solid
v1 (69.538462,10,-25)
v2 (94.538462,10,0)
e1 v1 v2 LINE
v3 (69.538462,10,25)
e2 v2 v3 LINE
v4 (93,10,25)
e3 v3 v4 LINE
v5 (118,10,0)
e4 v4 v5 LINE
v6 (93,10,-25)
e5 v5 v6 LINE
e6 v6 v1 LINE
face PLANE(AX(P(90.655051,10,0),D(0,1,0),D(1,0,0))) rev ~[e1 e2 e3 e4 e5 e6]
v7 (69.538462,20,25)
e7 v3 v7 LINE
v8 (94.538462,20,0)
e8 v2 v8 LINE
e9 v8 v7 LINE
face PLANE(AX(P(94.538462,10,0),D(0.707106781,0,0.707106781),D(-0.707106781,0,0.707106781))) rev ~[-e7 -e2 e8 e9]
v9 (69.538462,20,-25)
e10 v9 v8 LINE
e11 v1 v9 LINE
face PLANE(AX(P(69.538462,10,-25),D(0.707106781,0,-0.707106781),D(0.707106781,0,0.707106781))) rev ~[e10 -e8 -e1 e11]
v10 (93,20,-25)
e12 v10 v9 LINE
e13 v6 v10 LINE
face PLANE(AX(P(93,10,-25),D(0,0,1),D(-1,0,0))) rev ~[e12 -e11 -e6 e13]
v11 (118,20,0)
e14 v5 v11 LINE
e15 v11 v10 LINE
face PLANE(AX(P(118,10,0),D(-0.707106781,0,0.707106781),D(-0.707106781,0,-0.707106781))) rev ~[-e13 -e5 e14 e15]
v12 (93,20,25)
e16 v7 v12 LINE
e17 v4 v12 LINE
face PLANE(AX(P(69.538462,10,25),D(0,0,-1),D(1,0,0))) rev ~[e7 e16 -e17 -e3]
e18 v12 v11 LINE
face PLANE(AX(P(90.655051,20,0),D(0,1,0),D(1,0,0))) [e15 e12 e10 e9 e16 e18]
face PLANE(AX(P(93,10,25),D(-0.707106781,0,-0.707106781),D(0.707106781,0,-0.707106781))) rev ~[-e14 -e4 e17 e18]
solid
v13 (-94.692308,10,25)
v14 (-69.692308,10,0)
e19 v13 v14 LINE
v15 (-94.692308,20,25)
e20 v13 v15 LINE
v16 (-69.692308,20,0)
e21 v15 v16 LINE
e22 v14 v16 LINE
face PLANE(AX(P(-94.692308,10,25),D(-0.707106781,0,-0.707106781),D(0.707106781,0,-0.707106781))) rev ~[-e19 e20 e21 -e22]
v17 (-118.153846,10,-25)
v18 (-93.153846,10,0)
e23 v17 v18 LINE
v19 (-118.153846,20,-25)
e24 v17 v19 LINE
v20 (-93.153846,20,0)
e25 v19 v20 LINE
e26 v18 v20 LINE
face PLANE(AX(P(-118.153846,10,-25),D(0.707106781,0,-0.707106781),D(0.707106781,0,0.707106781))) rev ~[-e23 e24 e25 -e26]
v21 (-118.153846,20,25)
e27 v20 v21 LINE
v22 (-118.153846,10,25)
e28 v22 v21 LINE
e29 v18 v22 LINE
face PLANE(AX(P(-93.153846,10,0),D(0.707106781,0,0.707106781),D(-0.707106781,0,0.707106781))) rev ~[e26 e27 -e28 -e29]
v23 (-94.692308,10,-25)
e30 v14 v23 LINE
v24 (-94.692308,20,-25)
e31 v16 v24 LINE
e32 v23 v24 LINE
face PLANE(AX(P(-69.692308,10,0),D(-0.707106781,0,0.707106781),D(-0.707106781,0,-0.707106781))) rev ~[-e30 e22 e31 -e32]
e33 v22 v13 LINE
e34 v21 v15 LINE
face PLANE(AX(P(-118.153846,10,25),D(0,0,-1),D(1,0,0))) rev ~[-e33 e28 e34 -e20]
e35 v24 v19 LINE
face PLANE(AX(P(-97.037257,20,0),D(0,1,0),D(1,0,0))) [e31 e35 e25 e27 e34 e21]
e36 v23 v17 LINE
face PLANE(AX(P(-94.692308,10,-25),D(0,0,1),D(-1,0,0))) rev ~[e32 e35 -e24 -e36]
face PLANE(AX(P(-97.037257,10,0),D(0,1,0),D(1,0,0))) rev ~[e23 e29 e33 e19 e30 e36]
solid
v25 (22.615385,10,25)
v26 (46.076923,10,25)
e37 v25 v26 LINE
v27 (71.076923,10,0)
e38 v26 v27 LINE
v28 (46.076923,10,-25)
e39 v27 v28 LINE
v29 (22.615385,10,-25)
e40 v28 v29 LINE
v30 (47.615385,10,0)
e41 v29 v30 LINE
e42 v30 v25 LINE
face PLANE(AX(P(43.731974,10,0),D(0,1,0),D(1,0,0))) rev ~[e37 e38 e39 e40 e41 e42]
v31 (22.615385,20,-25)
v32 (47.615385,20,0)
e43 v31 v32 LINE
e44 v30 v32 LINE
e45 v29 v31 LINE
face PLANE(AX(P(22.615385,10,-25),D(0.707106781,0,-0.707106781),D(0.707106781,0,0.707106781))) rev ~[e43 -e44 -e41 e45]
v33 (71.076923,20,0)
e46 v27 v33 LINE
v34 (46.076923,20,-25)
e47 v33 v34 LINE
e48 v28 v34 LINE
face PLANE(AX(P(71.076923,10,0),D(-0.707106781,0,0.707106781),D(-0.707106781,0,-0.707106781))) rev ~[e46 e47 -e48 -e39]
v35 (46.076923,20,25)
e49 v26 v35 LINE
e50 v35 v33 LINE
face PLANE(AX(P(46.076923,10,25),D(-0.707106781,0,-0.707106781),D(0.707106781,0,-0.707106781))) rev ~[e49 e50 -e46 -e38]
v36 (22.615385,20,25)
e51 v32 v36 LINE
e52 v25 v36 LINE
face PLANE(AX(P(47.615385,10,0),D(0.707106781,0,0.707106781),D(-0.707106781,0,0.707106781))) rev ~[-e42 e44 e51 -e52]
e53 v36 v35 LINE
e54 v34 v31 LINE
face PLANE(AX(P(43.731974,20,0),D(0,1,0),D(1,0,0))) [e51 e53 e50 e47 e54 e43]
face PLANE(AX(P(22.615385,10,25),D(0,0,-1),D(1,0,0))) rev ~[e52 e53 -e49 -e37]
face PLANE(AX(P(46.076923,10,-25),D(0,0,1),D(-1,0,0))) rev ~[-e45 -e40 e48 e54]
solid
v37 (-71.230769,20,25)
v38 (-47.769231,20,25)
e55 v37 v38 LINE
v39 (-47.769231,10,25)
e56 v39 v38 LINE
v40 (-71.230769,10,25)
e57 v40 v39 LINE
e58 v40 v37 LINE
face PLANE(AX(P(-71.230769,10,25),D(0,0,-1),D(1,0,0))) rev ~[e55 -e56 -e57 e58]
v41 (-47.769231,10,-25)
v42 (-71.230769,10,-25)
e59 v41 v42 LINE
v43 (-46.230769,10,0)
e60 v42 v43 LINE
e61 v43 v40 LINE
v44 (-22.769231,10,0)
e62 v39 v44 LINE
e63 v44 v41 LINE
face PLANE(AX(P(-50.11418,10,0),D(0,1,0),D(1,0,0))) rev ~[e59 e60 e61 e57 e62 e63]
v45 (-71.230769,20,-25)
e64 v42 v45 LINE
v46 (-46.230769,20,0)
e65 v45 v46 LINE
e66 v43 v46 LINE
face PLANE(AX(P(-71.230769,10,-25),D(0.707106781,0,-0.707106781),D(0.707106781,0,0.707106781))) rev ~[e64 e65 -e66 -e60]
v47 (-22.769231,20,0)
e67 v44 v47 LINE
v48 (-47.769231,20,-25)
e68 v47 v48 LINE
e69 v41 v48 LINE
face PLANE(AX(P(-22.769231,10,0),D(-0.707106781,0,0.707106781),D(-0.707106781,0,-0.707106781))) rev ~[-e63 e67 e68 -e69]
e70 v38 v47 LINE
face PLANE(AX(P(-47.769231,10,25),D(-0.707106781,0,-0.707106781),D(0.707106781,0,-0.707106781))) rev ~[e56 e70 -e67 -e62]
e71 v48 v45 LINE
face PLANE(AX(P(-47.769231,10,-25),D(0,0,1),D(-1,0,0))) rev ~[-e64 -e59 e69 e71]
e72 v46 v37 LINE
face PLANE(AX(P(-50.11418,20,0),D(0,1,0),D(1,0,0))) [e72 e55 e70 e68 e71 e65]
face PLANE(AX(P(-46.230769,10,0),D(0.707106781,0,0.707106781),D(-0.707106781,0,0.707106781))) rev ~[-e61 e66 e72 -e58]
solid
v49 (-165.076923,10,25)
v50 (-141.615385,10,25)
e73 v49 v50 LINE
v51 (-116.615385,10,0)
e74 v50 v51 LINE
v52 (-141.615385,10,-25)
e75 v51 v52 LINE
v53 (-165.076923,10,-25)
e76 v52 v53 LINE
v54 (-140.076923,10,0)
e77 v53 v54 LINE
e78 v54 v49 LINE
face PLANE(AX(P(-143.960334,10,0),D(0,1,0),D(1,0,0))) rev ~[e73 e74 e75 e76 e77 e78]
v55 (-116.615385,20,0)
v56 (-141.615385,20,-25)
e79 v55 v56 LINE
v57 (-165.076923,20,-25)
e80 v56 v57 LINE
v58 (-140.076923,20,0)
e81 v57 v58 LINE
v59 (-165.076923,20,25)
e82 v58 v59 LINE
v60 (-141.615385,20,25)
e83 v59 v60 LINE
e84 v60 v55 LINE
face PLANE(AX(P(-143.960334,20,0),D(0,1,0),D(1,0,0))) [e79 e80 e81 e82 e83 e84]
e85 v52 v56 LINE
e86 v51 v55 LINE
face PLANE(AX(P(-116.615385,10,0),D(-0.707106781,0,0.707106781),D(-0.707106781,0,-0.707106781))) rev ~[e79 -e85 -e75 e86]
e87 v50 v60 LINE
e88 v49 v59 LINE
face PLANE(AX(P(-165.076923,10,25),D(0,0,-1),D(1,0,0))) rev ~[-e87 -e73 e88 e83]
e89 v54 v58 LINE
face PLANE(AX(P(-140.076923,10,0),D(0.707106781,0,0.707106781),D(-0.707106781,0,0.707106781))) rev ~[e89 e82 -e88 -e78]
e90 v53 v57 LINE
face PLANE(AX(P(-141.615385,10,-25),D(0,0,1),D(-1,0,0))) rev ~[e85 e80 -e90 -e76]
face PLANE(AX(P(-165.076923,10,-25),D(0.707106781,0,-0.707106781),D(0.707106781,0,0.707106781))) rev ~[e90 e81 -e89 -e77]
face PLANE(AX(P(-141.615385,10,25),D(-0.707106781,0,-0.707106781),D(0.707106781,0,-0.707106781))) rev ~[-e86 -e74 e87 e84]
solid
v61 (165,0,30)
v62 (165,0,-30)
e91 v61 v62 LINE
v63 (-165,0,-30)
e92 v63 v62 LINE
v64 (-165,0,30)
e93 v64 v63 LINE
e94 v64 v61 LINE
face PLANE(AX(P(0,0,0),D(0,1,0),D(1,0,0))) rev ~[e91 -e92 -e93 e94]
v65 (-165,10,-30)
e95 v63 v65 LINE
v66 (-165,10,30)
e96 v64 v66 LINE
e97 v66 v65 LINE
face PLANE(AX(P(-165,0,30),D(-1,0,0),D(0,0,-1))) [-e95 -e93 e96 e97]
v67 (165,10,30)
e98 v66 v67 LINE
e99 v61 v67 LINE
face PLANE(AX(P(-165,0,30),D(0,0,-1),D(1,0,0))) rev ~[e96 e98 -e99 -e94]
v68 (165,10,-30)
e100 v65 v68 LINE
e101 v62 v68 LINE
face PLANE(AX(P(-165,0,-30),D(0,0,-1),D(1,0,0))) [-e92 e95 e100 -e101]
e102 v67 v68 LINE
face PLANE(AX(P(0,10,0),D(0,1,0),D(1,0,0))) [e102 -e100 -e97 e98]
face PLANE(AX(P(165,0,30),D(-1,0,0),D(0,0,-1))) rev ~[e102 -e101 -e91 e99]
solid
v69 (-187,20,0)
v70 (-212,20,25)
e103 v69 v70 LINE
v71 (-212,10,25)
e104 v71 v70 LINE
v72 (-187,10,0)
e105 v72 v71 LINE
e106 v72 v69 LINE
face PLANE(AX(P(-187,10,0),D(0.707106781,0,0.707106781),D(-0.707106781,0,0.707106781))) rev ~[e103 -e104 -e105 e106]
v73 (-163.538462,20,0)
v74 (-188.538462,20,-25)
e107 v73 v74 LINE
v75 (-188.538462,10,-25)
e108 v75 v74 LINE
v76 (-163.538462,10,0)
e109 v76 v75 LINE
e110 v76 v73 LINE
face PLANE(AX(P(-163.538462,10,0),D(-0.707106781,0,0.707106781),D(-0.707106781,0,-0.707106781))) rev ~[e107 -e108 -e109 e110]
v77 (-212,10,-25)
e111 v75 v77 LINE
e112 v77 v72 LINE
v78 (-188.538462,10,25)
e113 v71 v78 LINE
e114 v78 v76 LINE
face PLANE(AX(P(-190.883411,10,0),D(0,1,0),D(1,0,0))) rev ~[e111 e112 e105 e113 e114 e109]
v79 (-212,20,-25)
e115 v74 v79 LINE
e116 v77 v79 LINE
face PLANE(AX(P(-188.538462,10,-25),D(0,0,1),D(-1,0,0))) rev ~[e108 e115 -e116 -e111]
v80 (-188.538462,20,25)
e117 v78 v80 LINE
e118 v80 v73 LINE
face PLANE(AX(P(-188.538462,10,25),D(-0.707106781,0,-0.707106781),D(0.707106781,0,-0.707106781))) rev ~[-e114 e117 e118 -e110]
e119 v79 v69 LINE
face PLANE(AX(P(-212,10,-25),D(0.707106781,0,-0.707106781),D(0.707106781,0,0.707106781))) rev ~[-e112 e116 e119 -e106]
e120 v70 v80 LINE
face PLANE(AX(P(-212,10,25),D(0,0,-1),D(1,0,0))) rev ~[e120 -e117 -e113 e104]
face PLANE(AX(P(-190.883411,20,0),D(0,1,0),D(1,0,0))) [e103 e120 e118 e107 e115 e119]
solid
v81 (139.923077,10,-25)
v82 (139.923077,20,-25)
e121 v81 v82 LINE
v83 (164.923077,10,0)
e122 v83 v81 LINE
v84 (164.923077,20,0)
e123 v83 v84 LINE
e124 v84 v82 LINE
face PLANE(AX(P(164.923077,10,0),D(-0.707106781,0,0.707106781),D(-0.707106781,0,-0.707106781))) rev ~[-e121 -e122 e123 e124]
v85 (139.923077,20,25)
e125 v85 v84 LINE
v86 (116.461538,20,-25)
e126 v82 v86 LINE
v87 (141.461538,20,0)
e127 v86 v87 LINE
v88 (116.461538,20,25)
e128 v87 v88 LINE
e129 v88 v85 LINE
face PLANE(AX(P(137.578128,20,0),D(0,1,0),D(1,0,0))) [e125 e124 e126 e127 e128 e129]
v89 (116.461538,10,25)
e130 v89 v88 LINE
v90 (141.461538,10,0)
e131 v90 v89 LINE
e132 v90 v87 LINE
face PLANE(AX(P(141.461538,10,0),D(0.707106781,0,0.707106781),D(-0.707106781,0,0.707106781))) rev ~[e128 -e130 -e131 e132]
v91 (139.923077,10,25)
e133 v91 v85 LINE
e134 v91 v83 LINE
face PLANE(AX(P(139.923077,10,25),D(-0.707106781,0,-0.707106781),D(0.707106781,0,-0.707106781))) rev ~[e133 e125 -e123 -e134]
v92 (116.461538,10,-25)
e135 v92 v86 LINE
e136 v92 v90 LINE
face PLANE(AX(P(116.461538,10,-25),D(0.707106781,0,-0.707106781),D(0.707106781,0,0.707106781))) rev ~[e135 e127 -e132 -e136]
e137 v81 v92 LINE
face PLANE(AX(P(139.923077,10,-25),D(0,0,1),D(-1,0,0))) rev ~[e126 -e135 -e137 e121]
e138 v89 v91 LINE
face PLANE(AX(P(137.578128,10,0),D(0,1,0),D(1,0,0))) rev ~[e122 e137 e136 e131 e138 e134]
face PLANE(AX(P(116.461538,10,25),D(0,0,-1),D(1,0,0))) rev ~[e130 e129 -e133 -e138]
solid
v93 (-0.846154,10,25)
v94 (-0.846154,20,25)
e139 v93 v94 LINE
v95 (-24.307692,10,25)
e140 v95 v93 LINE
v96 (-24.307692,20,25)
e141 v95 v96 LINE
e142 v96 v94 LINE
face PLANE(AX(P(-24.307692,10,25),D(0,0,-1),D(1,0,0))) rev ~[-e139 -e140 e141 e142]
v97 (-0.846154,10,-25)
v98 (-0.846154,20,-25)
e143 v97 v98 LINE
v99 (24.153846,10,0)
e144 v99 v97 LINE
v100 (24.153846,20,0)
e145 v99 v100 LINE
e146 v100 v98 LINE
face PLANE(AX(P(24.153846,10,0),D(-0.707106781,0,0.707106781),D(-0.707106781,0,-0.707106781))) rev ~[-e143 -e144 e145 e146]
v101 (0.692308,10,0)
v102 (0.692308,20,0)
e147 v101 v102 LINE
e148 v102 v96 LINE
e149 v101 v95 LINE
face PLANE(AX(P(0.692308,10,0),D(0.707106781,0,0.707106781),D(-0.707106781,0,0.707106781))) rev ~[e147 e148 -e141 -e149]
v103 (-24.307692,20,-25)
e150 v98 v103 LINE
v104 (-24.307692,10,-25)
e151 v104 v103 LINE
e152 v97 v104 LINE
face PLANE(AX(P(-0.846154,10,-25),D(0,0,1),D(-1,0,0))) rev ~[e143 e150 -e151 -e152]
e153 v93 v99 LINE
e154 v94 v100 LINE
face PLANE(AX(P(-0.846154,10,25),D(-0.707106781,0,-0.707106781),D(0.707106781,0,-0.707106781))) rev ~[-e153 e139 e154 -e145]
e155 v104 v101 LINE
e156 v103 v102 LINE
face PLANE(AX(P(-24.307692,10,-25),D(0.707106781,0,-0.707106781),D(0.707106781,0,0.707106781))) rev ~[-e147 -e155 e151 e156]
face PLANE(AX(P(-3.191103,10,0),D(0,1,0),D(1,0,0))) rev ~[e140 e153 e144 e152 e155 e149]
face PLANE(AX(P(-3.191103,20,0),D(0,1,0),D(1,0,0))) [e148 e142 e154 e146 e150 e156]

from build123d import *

# Parameters (mm, degrees)
SKETCH1_W             = 330
SKETCH1_H             = 60
BOSS_EXTRUDE1_DEPTH   = 10
BOSS_EXTRUDE2_DEPTH   = 10
BOSS_EXTRUDE2_2_DEPTH = 10
BOSS_EXTRUDE2_3_DEPTH = 10
BOSS_EXTRUDE2_4_DEPTH = 10
BOSS_EXTRUDE2_5_DEPTH = 10
BOSS_EXTRUDE2_6_DEPTH = 10
BOSS_EXTRUDE2_7_DEPTH = 10
BOSS_EXTRUDE2_8_DEPTH = 10


with BuildPart() as part:
    # Sketch1 → Boss-Extrude1 (new body)
    with BuildSketch(Plane(origin=(0, 0, 0), x_dir=(1, 0, 0), z_dir=(0, 1, 0))):
        Rectangle(SKETCH1_W, SKETCH1_H)
    extrude(amount=BOSS_EXTRUDE1_DEPTH)


with BuildPart() as body_2:
    # Sketch2 → Boss-Extrude2 (new body)
    with BuildSketch(Plane(origin=(0, 10, 0), x_dir=(1, 0, 0), z_dir=(0, 1, 0))):
        Polygon((-212, 25), (-187, 0), (-212, -25), (-188.538461538, -25), (-163.538461538, 0), (-188.538461538, 25), align=None)
    extrude(amount=BOSS_EXTRUDE2_DEPTH)


with BuildPart() as body_3:
    # Sketch2 → Boss-Extrude2 2 (new body)
    with BuildSketch(Plane(origin=(0, 10, 0), x_dir=(1, 0, 0), z_dir=(0, 1, 0))):
        Polygon((-141.615384615, 25), (-165.076923077, 25), (-140.076923077, 0), (-165.076923077, -25), (-141.615384615, -25), (-116.615384615, 0), align=None)
    extrude(amount=BOSS_EXTRUDE2_2_DEPTH)


with BuildPart() as body_4:
    # Sketch2 → Boss-Extrude2 3 (new body)
    with BuildSketch(Plane(origin=(0, 10, 0), x_dir=(1, 0, 0), z_dir=(0, 1, 0))):
        Polygon((-94.692307692, 25), (-118.153846154, 25), (-93.153846154, 0), (-118.153846154, -25), (-94.692307692, -25), (-69.692307692, 0), align=None)
    extrude(amount=BOSS_EXTRUDE2_3_DEPTH)


with BuildPart() as body_5:
    # Sketch2 → Boss-Extrude2 4 (new body)
    with BuildSketch(Plane(origin=(0, 10, 0), x_dir=(1, 0, 0), z_dir=(0, 1, 0))):
        Polygon((-47.769230769, 25), (-71.230769231, 25), (-46.230769231, 0), (-71.230769231, -25), (-47.769230769, -25), (-22.769230769, 0), align=None)
    extrude(amount=BOSS_EXTRUDE2_4_DEPTH)


with BuildPart() as body_6:
    # Sketch2 → Boss-Extrude2 5 (new body)
    with BuildSketch(Plane(origin=(0, 10, 0), x_dir=(1, 0, 0), z_dir=(0, 1, 0))):
        Polygon((-0.846153846, 25), (-24.307692308, 25), (0.692307692, 0), (-24.307692308, -25), (-0.846153846, -25), (24.153846154, 0), align=None)
    extrude(amount=BOSS_EXTRUDE2_5_DEPTH)


with BuildPart() as body_7:
    # Sketch2 → Boss-Extrude2 6 (new body)
    with BuildSketch(Plane(origin=(0, 10, 0), x_dir=(1, 0, 0), z_dir=(0, 1, 0))):
        Polygon((46.076923077, 25), (22.615384615, 25), (47.615384615, 0), (22.615384615, -25), (46.076923077, -25), (71.076923077, 0), align=None)
    extrude(amount=BOSS_EXTRUDE2_6_DEPTH)


with BuildPart() as body_8:
    # Sketch2 → Boss-Extrude2 7 (new body)
    with BuildSketch(Plane(origin=(0, 10, 0), x_dir=(1, 0, 0), z_dir=(0, 1, 0))):
        Polygon((93, 25), (69.538461538, 25), (94.538461538, 0), (69.538461538, -25), (93, -25), (118, 0), align=None)
    extrude(amount=BOSS_EXTRUDE2_7_DEPTH)


with BuildPart() as body_9:
    # Sketch2 → Boss-Extrude2 8 (new body)
    with BuildSketch(Plane(origin=(0, 10, 0), x_dir=(1, 0, 0), z_dir=(0, 1, 0))):
        Polygon((139.923076923, 25), (116.461538462, 25), (141.461538462, 0), (116.461538462, -25), (139.923076923, -25), (164.923076923, 0), align=None)
    extrude(amount=BOSS_EXTRUDE2_8_DEPTH)


solid = Compound([part.part, body_2.part, body_3.part, body_4.part, body_5.part, body_6.part, body_7.part, body_8.part, body_9.part])
